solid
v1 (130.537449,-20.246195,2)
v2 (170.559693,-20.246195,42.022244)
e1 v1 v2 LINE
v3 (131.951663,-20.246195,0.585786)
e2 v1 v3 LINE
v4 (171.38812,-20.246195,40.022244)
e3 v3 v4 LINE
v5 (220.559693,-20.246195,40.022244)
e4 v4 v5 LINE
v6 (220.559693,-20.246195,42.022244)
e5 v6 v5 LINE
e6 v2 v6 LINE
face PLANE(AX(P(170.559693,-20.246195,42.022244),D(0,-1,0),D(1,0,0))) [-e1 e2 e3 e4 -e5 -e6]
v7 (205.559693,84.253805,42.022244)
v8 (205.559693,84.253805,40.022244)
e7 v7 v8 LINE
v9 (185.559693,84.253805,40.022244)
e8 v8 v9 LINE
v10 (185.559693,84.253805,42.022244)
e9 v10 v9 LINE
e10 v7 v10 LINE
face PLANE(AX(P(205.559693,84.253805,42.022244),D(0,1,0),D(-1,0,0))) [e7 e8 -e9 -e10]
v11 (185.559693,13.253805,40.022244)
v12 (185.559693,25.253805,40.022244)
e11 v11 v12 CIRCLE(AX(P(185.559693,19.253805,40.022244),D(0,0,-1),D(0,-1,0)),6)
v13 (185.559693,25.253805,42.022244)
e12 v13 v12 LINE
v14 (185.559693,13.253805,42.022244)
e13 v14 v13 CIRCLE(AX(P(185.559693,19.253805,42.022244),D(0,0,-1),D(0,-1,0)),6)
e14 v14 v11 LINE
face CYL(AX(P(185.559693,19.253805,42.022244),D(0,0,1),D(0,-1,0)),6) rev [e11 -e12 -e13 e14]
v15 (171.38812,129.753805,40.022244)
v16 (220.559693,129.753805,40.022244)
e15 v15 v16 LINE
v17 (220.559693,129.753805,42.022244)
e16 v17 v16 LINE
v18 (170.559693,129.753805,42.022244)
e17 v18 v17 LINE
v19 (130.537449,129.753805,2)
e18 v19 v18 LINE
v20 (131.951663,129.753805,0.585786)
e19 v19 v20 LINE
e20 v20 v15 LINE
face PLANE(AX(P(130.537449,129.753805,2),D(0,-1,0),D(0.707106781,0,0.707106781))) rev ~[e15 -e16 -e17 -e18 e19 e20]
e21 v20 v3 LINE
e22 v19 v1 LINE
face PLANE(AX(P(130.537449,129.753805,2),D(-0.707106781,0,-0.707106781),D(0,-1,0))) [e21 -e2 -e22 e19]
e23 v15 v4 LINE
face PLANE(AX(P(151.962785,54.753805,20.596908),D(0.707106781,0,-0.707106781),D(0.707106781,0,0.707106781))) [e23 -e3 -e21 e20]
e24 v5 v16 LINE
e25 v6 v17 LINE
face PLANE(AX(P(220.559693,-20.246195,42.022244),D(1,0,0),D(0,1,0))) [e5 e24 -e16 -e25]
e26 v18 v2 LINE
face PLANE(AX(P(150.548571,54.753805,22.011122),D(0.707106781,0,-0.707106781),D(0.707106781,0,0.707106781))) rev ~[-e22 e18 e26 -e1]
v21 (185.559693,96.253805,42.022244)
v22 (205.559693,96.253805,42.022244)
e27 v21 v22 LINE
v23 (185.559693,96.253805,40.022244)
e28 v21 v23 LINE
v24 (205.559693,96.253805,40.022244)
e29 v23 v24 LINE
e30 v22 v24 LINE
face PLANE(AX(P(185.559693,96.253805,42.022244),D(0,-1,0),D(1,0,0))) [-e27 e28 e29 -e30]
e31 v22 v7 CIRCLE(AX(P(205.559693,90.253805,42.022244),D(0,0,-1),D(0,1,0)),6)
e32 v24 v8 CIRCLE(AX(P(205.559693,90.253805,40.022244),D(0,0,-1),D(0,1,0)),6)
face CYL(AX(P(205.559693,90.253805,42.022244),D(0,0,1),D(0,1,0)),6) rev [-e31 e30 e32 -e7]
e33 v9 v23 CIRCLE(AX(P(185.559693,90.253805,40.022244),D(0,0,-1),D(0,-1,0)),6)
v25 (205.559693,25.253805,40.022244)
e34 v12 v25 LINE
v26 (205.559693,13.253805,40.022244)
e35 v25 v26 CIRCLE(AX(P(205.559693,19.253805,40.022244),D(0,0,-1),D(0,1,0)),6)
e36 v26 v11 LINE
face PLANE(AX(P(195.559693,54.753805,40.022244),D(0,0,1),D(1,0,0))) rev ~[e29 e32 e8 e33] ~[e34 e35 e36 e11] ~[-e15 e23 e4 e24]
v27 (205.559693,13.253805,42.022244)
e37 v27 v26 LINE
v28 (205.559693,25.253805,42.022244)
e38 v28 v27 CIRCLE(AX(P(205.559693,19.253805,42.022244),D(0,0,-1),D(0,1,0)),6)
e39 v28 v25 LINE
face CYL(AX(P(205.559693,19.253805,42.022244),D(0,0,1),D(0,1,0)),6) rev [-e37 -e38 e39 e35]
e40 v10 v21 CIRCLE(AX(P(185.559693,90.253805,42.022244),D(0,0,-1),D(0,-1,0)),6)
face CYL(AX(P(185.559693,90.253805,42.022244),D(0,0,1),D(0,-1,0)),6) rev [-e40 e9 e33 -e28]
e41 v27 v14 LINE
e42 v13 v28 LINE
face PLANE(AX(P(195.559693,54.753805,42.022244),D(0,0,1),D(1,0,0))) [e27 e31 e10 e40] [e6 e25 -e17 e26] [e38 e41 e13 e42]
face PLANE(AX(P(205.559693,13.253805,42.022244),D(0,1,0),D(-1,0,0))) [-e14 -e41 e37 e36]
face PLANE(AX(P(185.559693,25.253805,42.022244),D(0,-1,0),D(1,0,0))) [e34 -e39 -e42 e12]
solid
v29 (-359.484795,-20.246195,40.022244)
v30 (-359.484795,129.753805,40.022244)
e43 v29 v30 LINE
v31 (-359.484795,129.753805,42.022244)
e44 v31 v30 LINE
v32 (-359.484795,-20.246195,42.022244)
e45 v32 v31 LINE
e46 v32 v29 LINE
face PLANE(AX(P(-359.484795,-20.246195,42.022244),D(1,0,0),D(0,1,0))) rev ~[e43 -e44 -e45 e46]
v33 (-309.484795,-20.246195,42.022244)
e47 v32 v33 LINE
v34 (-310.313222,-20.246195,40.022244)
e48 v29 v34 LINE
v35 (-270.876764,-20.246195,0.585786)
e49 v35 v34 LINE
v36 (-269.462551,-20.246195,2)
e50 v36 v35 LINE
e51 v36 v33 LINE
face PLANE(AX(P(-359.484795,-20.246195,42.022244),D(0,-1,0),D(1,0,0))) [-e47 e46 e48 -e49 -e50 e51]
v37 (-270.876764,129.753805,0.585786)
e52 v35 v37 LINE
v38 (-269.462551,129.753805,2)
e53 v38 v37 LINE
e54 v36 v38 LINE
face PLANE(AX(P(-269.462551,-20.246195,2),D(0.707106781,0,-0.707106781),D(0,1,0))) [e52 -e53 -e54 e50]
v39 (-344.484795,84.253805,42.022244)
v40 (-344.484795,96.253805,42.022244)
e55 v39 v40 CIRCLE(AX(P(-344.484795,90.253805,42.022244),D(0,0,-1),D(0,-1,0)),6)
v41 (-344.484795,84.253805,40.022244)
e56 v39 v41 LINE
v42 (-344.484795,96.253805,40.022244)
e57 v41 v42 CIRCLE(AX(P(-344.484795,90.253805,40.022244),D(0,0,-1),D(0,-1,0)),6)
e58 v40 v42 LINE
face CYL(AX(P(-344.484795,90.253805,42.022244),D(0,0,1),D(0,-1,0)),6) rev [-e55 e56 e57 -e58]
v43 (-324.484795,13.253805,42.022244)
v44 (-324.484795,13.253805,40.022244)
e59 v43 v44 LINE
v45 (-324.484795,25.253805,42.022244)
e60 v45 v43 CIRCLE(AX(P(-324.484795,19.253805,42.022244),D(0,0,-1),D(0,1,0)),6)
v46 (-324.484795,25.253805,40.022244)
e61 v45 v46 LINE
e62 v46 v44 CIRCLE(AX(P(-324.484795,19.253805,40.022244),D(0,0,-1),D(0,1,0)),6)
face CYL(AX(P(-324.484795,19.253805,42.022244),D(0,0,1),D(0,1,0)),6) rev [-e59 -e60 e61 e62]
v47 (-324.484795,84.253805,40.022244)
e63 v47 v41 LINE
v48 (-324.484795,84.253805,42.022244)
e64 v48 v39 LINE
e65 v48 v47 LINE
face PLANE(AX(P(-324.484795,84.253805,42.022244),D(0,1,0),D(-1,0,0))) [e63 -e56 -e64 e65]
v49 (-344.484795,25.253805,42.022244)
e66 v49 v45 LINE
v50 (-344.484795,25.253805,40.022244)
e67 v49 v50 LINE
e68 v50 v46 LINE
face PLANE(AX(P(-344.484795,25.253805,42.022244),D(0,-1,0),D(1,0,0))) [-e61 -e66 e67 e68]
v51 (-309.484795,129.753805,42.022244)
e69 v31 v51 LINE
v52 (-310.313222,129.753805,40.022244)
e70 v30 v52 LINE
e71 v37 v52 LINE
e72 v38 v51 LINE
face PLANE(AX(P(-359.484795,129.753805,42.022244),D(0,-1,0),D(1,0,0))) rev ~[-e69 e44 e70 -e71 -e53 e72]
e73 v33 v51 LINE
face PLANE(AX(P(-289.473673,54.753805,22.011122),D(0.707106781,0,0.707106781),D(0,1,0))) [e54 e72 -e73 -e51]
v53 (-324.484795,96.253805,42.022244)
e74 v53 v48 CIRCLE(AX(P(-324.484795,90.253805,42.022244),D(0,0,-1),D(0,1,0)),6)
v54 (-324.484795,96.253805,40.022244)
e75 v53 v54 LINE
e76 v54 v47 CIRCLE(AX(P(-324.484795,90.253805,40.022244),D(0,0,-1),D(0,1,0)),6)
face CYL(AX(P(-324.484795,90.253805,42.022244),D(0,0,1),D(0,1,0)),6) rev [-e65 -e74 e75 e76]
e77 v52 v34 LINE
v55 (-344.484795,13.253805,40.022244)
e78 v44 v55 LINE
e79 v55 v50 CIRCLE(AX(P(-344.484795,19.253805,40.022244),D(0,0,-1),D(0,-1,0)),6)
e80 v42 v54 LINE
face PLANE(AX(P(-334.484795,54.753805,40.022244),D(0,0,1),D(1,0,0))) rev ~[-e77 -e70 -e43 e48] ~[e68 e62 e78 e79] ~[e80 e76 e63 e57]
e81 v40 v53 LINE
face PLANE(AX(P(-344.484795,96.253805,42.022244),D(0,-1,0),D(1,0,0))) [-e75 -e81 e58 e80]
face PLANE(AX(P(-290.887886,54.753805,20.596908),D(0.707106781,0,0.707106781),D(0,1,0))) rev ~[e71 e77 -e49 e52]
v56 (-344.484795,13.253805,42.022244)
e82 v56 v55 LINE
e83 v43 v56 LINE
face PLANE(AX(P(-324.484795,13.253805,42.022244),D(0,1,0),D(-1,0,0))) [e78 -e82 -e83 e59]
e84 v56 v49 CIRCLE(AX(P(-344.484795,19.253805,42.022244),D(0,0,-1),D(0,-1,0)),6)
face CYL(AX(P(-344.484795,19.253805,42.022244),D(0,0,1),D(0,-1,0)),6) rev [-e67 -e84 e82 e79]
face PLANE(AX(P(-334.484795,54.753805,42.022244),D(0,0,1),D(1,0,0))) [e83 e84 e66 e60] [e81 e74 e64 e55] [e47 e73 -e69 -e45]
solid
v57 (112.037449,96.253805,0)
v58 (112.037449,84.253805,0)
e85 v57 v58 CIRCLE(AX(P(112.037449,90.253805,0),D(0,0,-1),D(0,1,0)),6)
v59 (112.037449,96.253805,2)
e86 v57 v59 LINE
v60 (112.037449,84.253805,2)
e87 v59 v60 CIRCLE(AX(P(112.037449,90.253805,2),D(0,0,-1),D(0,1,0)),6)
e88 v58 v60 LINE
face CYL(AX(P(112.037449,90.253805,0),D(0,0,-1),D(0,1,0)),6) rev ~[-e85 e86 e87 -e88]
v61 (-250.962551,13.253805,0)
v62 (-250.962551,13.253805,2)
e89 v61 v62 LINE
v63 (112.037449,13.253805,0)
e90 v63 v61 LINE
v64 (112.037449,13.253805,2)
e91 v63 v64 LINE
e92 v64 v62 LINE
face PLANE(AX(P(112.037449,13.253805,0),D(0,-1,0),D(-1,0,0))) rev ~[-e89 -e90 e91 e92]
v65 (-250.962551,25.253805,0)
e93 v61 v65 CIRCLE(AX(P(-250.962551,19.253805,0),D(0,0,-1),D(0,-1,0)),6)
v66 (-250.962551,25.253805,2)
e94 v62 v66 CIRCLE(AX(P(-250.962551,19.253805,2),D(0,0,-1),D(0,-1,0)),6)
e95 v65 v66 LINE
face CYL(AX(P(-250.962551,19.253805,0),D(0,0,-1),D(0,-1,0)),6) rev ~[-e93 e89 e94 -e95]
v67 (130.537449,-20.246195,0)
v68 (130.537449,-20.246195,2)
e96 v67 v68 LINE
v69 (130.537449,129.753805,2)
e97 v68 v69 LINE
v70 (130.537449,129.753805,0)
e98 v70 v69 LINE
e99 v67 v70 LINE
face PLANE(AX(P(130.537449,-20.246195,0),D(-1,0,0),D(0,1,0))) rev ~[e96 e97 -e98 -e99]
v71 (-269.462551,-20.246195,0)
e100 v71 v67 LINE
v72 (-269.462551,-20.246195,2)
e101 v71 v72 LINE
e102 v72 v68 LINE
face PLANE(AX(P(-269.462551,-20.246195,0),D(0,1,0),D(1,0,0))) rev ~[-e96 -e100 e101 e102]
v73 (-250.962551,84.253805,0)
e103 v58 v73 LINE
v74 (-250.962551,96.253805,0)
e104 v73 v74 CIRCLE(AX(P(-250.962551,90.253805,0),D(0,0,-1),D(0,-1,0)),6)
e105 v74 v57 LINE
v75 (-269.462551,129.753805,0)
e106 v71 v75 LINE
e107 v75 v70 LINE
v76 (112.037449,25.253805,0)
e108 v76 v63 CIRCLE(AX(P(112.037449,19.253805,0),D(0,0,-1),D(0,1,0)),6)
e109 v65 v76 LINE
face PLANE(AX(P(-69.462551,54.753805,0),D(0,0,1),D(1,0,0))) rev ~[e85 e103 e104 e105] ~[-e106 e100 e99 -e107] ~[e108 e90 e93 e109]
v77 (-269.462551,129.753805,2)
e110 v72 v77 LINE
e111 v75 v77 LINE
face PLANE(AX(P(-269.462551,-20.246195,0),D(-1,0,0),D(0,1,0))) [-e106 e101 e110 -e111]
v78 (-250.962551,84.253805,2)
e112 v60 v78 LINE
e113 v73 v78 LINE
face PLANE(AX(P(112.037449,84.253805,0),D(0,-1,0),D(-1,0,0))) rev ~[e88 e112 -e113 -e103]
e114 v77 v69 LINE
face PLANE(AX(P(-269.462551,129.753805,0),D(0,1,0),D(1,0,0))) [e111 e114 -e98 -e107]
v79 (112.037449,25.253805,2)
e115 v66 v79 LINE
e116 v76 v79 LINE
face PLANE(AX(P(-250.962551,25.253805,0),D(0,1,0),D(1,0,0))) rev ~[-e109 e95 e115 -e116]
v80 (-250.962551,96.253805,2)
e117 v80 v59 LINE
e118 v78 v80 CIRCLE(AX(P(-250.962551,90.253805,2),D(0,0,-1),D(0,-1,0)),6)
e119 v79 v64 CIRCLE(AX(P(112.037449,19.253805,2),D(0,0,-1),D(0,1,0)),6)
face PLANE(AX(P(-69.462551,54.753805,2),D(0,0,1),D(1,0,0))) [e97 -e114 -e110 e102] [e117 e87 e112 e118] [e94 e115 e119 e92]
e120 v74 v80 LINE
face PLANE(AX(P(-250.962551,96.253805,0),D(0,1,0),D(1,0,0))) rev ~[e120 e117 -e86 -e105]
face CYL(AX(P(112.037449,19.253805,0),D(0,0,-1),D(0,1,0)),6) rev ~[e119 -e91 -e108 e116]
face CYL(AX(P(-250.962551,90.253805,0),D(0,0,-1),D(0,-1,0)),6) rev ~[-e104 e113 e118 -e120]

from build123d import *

# Parameters (mm, degrees)
F0_W      = 400
F0_H      = 150
F1_DEPTH  = 2
F3_W      = 56.6
F3_H      = 150
F4_DEPTH  = 2
F5_ANGLE  = 30
F8_W      = 150
F8_H      = 56.6
F9_DEPTH  = 2
F11_W     = 50
F11_H     = 150
F12_DEPTH = 2
F13_DEPTH = 2


with BuildPart() as f1:
    # F0 (on Top) → F1 (new body)
    with BuildSketch(Plane.XY):
        with Locations((-69.4625508785, 54.7538047686)):
            Rectangle(F0_W, F0_H)
        with BuildLine():
            Line((-250.9625508785, 25.2538047686), (112.0374491215, 25.2538047686))
            ThreePointArc((112.0374491215, 25.2538047686), (118.0374491215, 19.2538047686), (112.0374491215, 13.2538047686))
            Line((112.0374491215, 13.2538047686), (-250.9625508785, 13.2538047686))
            ThreePointArc((-250.9625508785, 13.2538047686), (-256.9625508785, 19.2538047686), (-250.9625508785, 25.2538047686))
        make_face(mode=Mode.SUBTRACT)
        with BuildLine():
            Line((-250.9625508785, 96.2538047686), (112.0374491215, 96.2538047686))
            ThreePointArc((112.0374491215, 96.2538047686), (118.0374491215, 90.2538047686), (112.0374491215, 84.2538047686))
            Line((112.0374491215, 84.2538047686), (-250.9625508785, 84.2538047686))
            ThreePointArc((-250.9625508785, 84.2538047686), (-256.9625508785, 90.2538047686), (-250.9625508785, 96.2538047686))
        make_face(mode=Mode.SUBTRACT)
    extrude(amount=F1_DEPTH)


with BuildPart() as f4:
    # F3 (on face) → F4 (new body)
    with BuildSketch(Plane(origin=(64.2687245607, 0, -64.2687245607), x_dir=(0.7071067812, 0, 0.7071067812), z_dir=(0.7071067812, 0, -0.7071067812))):
        with Locations((122.018129035, -54.7538047686)):
            Rectangle(F3_W, F3_H)
    extrude(amount=F4_DEPTH)


with BuildPart() as f5_1:
    # F5: copy of F4
    add(f4.part.rotate(Axis((-269.4625508785, 54.7538047686, 2), (0, -1, 0)), F5_ANGLE))


with BuildPart() as f9:
    # F8 (on face) → F9 (new body)
    with BuildSketch(Plane(origin=(-133.7312754393, 0, -133.7312754393), x_dir=(0, 1, 0), z_dir=(0.7071067812, 0, 0.7071067812))):
        with Locations((54.7538047686, 220.2530105644)):
            Rectangle(F8_W, F8_H)
    extrude(amount=-F9_DEPTH)

    # F11 (on 3pt) → F12 (join)
    with BuildSketch(Plane.XY.offset(42.0222438152)):
        with Locations((-334.4847946937, 54.7538047686)):
            Rectangle(F11_W, F11_H)
        with BuildLine():
            ThreePointArc((-324.4847946937, 25.2538047686), (-318.4847946937, 19.2538047686), (-324.4847946937, 13.2538047686))
            Line((-324.4847946937, 13.2538047686), (-344.4847946937, 13.2538047686))
            ThreePointArc((-344.4847946937, 13.2538047686), (-350.4847946937, 19.2538047686), (-344.4847946937, 25.2538047686))
            Line((-344.4847946937, 25.2538047686), (-324.4847946937, 25.2538047686))
        make_face(mode=Mode.SUBTRACT)
        with BuildLine():
            ThreePointArc((-324.4847946937, 96.2538047686), (-318.4847946937, 90.2538047686), (-324.4847946937, 84.2538047686))
            Line((-324.4847946937, 84.2538047686), (-344.4847946937, 84.2538047686))
            ThreePointArc((-344.4847946937, 84.2538047686), (-350.4847946937, 90.2538047686), (-344.4847946937, 96.2538047686))
            Line((-344.4847946937, 96.2538047686), (-324.4847946937, 96.2538047686))
        make_face(mode=Mode.SUBTRACT)
    extrude(amount=-F12_DEPTH)


with BuildPart() as f4_1:
    add(f4.part)

    # F11 (on 3pt) → F13 (join)
    with BuildSketch(Plane.XY.offset(42.0222438152)):
        with Locations((195.5596929366, 54.7538047686)):
            Rectangle(F11_W, F11_H)
        with BuildLine():
            ThreePointArc((205.5596929366, 25.2538047686), (211.5596929366, 19.2538047686), (205.5596929366, 13.2538047686))
            Line((205.5596929366, 13.2538047686), (185.5596929366, 13.2538047686))
            ThreePointArc((185.5596929366, 13.2538047686), (179.5596929366, 19.2538047686), (185.5596929366, 25.2538047686))
            Line((185.5596929366, 25.2538047686), (205.5596929366, 25.2538047686))
        make_face(mode=Mode.SUBTRACT)
        with BuildLine():
            ThreePointArc((205.5596929366, 96.2538047686), (211.5596929366, 90.2538047686), (205.5596929366, 84.2538047686))
            Line((205.5596929366, 84.2538047686), (185.5596929366, 84.2538047686))
            ThreePointArc((185.5596929366, 84.2538047686), (179.5596929366, 90.2538047686), (185.5596929366, 96.2538047686))
            Line((185.5596929366, 96.2538047686), (205.5596929366, 96.2538047686))
        make_face(mode=Mode.SUBTRACT)
    extrude(amount=-F13_DEPTH)


solid = Compound([f1.part, f9.part, f4_1.part])
